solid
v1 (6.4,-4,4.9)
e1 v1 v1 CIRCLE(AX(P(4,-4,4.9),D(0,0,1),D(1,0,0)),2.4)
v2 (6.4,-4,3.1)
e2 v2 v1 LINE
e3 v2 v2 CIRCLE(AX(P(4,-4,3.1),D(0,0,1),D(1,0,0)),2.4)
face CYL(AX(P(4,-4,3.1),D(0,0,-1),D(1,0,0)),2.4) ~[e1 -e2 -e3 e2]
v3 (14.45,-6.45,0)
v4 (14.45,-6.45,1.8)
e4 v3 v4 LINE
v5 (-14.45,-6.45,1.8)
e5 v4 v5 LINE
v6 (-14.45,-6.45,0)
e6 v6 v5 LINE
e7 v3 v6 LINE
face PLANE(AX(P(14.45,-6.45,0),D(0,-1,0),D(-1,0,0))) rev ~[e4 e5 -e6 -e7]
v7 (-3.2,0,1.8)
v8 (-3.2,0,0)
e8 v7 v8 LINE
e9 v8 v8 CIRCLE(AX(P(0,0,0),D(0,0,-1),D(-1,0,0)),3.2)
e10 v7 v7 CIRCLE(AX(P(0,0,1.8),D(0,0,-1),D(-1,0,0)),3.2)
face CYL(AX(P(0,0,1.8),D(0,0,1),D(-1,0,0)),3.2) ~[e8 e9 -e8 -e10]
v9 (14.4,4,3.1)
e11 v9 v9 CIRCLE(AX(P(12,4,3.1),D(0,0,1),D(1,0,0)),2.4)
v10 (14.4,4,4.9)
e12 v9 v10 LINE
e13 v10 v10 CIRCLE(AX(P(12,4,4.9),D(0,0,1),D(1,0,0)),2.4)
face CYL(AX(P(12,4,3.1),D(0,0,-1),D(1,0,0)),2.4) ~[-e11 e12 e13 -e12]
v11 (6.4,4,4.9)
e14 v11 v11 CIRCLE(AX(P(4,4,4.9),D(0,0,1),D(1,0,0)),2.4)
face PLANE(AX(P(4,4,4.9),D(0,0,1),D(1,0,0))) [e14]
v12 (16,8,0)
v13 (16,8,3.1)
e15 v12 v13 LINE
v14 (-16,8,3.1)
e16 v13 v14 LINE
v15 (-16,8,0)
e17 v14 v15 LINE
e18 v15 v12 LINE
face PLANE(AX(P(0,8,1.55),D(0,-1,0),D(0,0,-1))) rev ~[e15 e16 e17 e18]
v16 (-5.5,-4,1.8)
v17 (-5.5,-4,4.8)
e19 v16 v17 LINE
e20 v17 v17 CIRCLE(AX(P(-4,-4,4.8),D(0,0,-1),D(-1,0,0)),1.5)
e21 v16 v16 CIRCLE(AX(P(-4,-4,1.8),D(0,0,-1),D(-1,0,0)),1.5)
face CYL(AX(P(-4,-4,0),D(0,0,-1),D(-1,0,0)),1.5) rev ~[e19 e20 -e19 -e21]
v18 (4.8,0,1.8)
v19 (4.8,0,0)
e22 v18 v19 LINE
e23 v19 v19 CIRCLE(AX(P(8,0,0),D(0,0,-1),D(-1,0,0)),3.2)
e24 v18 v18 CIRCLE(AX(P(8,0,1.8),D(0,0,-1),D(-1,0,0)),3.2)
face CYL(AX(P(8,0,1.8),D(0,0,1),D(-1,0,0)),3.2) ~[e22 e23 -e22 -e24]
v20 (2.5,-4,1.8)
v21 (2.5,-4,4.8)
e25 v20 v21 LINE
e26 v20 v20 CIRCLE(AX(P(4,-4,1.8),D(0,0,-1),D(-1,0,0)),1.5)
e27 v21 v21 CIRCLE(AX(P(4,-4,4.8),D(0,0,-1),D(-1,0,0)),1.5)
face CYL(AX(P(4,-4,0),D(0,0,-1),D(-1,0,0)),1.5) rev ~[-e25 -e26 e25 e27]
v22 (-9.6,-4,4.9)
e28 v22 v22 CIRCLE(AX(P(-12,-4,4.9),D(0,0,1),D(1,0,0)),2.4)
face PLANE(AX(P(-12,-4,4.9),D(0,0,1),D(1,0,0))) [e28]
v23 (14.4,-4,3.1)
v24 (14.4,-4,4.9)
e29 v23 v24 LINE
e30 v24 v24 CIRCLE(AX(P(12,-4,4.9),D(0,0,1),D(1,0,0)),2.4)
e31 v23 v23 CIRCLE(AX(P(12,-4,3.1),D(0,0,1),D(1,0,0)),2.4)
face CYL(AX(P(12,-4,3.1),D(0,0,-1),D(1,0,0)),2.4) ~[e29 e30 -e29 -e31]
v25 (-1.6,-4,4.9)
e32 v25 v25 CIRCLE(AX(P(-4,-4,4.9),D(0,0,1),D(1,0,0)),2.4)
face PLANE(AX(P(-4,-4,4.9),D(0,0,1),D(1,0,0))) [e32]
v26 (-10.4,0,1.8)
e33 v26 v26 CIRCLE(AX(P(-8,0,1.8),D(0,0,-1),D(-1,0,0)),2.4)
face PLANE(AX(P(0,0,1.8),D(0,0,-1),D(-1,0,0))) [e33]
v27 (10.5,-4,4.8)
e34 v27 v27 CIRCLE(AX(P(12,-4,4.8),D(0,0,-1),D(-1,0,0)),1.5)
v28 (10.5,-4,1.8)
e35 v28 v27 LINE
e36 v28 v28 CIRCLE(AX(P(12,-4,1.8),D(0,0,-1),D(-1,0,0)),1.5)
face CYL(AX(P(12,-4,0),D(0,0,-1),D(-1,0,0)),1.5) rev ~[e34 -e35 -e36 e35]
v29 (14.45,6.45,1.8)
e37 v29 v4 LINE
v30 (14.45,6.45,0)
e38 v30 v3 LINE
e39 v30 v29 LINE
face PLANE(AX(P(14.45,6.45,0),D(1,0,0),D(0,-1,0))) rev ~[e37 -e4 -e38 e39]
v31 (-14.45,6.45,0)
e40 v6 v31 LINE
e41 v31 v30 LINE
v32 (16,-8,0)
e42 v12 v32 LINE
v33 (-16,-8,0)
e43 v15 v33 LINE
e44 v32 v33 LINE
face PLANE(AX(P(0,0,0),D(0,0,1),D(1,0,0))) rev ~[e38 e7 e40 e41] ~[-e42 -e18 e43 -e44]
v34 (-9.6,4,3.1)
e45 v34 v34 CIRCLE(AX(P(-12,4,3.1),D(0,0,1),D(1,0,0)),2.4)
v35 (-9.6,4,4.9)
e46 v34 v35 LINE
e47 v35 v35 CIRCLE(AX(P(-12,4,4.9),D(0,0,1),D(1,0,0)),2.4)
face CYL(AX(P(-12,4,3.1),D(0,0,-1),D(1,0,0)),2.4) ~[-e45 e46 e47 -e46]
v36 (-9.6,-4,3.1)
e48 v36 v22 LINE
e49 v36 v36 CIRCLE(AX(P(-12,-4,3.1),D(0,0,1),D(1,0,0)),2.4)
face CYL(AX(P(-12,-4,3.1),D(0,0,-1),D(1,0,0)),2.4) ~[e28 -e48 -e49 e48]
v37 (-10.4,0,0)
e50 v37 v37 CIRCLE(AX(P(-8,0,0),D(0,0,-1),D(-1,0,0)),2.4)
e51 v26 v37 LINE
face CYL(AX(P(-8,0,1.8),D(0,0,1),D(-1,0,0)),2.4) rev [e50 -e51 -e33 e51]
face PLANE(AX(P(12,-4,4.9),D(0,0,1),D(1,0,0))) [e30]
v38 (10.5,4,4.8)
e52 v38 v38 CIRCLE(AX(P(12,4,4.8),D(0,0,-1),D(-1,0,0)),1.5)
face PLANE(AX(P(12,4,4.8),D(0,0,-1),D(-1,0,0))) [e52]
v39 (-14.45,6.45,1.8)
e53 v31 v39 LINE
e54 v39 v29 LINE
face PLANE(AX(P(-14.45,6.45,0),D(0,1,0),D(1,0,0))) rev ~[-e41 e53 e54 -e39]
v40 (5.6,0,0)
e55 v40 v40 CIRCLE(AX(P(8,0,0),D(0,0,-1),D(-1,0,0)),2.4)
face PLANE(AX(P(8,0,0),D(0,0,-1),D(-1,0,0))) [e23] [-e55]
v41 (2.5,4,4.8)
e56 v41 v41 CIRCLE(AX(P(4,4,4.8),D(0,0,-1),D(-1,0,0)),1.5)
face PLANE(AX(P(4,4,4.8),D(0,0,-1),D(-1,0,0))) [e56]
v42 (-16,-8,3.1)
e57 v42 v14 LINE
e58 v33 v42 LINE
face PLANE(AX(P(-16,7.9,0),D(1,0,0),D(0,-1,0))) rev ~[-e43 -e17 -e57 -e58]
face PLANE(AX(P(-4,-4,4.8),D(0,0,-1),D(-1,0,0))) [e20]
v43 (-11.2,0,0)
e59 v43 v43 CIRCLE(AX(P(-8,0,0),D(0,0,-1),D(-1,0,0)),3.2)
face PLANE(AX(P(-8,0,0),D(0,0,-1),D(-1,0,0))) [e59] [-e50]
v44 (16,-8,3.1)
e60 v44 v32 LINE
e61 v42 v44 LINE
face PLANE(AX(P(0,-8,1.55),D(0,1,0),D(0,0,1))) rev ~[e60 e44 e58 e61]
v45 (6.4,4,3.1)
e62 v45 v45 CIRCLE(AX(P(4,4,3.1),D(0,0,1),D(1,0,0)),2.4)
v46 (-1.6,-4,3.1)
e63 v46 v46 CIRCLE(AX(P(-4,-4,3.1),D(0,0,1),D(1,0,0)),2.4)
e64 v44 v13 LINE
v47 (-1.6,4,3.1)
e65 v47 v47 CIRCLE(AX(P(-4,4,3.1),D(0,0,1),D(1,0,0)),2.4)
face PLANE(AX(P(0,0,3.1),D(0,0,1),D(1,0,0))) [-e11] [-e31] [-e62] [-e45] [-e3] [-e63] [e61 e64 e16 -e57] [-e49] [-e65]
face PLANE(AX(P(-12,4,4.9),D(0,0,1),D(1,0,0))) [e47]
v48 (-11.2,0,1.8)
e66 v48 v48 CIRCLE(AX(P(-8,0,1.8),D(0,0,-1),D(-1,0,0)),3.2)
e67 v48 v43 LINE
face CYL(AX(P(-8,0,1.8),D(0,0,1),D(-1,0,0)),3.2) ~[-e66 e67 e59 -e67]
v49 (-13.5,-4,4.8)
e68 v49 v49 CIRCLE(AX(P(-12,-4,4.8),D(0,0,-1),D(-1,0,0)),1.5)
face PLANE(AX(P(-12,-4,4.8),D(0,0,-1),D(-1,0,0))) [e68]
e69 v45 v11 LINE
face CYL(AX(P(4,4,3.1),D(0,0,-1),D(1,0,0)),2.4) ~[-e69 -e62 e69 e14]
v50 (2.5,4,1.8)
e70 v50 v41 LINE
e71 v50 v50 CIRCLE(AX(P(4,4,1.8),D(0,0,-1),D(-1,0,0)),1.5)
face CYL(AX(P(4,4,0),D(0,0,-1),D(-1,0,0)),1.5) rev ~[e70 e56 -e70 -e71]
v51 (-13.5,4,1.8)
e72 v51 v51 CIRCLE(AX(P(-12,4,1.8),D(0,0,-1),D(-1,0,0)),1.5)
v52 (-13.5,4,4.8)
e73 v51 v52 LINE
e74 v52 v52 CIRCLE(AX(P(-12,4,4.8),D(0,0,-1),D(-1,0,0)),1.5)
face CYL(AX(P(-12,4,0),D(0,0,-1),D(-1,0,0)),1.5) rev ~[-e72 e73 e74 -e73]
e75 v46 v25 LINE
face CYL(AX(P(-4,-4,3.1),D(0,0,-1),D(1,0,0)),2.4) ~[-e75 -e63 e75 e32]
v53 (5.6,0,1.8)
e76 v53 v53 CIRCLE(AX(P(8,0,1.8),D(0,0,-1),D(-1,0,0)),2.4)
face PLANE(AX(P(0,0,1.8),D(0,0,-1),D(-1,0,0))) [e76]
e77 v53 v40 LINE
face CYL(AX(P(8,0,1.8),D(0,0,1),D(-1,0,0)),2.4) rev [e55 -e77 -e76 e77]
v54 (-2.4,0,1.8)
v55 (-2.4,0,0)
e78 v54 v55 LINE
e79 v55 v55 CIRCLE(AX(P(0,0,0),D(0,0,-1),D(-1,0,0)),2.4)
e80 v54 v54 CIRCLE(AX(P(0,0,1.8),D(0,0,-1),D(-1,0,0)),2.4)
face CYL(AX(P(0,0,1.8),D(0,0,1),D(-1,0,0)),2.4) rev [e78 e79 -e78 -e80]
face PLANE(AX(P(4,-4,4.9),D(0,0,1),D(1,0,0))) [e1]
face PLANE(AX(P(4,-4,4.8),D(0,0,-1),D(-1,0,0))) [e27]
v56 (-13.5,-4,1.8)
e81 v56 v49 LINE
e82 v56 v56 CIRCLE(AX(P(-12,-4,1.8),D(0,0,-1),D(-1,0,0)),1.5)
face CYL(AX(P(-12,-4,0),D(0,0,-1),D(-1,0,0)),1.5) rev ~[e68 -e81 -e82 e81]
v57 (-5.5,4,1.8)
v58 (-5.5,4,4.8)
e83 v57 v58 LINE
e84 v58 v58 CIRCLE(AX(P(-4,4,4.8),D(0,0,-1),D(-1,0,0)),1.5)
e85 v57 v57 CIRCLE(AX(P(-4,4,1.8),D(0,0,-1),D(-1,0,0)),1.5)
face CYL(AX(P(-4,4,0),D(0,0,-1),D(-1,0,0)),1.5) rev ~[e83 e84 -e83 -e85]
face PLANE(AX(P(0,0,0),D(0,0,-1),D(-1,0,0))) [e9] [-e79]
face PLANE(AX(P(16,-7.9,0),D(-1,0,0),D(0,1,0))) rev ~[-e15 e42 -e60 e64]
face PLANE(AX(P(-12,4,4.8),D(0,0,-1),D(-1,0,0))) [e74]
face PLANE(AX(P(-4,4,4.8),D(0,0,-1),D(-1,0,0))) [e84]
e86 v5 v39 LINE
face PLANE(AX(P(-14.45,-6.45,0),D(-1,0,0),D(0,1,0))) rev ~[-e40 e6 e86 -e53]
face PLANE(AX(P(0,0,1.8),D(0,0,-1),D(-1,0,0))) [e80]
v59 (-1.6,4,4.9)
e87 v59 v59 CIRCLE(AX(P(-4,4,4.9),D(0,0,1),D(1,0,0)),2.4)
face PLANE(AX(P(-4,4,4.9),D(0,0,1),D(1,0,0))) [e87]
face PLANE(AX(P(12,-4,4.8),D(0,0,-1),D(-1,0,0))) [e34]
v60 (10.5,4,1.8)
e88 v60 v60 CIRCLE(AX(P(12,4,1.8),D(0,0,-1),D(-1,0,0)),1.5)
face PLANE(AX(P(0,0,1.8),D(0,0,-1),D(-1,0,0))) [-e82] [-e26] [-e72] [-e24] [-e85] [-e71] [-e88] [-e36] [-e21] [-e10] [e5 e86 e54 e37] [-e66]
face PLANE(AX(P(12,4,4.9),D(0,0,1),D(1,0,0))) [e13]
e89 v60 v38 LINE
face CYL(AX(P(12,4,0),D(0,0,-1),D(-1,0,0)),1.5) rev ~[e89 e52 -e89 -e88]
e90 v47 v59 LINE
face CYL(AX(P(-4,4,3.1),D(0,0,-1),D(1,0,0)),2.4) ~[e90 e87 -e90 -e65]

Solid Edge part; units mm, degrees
sketch "Sketch1" plane through (0, 0, 0) normal (0, 0, 1) x (1, 0, 0)
  line L0 (-16, -7.9) -> (16, -7.9)
  line L1 (16, -7.9) -> (16, 7.9)
  line L2 (16, 7.9) -> (-16, 7.9)
  line L3 (-16, 7.9) -> (-16, -7.9)
  dimension "D1" = 32
  dimension "D2" = 15.8
extrude "Protrusion1" add sketch "Sketch1" along normal blind 3.1
sketch "Sketch2" plane through (0, 0, 0) normal (0, 0, -1) x (1, 0, 0)
  line L0 (-14.45, -6.45) -> (14.45, -6.45)
  line L1 (14.45, -6.45) -> (14.45, 6.45)
  line L2 (14.45, 6.45) -> (-14.45, 6.45)
  line L3 (-14.45, 6.45) -> (-14.45, -6.45)
extrude "ExtrudedCutout_2" cut sketch "Sketch2" against normal blind 1.8
sketch "Sketch3" plane through (0, 0, 3.1) normal (0, 0, 1) x (1, 0, 0)
  circle A0 centre (-4, 4) radius 2.4
  circle A1 centre (4, 4) radius 2.4
  circle A2 centre (12, 4) radius 2.4
  circle A3 centre (12, -4) radius 2.4
  circle A4 centre (4, -4) radius 2.4
  circle A5 centre (-4, -4) radius 2.4
  circle A6 centre (-12, -4) radius 2.4
  circle A7 centre (-12, 4) radius 2.4
  dimension "D1" = 4.8
  dimension "D2" = 4.8
  dimension "D3" = 4.8
  dimension "D4" = 4.8
  dimension "D5" = 4.8
  dimension "D6" = 4.8
  dimension "D7" = 4.8
  dimension "D8" = 4.8
  dimension "D9" = 4
  dimension "D10" = 8
  dimension "D11" = 8
  dimension "D12" = 8
  dimension "D13" = 4
  dimension "D14" = 4
  dimension "D15" = 8
  dimension "D16" = 8
  dimension "D17" = 8
  dimension "D18" = 4
extrude "ExtrudedProtrusion_4" add sketch "Sketch3" along normal blind 1.8
sketch "Sketch4" plane through (0, 0, 0) normal (0, 0, -1) x (-1, 0, 0)
  circle A0 centre (12, 4) radius 1.5
  circle A1 centre (12, -4) radius 1.5
  circle A2 centre (4, -4) radius 1.5
  circle A3 centre (4, 4) radius 1.5
  circle A4 centre (-4, 4) radius 1.5
  circle A5 centre (-4, -4) radius 1.5
  circle A6 centre (-12, -4) radius 1.5
  circle A7 centre (-12, 4) radius 1.5
  dimension "D1" = 3
  dimension "D2" = 3
  dimension "D3" = 3
  dimension "D4" = 3
  dimension "D5" = 3
  dimension "D6" = 3
  dimension "D7" = 3
  dimension "D8" = 3
extrude "ExtrudedCutout_4" cut sketch "Sketch4" against normal blind 4.8
sketch "Sketch5" plane through (0, 0, 1.8) normal (0, 0, -1) x (-1, 0, 0)
  circle A0 centre (-8, 0) radius 3.2
  circle A1 centre (0, 0) radius 3.2
  circle A2 centre (8, 0) radius 3.2
  circle A3 centre (8, 0) radius 2.4
  circle A4 centre (0, 0) radius 2.4
  circle A5 centre (-8, 0) radius 2.4
  dimension "D1" = 6.4
  dimension "D2" = 6.4
  dimension "D3" = 6.4
  dimension "D4" = 4.8
  dimension "D5" = 4.8
  dimension "D6" = 4.8
extrude "Protrusion2" add sketch "Sketch5" along normal blind 1.8
sketch "Sketch6" plane through (0, -7.9, 1.55) normal (0, -1, 0) x (1, 0, 0)
  line L0 (-16, -1.55) -> (-16, 1.55)
  line L1 (-16, 1.55) -> (16, 1.55)
  line L2 (16, 1.55) -> (16, -1.55)
  line L3 (16, -1.55) -> (-16, -1.55)
extrude "ExtrudedProtrusion_9" add sketch "Sketch6" along normal blind 0.1
sketch "Sketch7" plane through (0, 7.9, 1.55) normal (0, 1, 0) x (-1, 0, 0)
  line L0 (-16, -1.55) -> (-16, 1.55)
  line L1 (-16, 1.55) -> (16, 1.55)
  line L2 (16, 1.55) -> (16, -1.55)
  line L3 (16, -1.55) -> (-16, -1.55)
extrude "Protrusion3" add sketch "Sketch7" along normal blind 0.1
